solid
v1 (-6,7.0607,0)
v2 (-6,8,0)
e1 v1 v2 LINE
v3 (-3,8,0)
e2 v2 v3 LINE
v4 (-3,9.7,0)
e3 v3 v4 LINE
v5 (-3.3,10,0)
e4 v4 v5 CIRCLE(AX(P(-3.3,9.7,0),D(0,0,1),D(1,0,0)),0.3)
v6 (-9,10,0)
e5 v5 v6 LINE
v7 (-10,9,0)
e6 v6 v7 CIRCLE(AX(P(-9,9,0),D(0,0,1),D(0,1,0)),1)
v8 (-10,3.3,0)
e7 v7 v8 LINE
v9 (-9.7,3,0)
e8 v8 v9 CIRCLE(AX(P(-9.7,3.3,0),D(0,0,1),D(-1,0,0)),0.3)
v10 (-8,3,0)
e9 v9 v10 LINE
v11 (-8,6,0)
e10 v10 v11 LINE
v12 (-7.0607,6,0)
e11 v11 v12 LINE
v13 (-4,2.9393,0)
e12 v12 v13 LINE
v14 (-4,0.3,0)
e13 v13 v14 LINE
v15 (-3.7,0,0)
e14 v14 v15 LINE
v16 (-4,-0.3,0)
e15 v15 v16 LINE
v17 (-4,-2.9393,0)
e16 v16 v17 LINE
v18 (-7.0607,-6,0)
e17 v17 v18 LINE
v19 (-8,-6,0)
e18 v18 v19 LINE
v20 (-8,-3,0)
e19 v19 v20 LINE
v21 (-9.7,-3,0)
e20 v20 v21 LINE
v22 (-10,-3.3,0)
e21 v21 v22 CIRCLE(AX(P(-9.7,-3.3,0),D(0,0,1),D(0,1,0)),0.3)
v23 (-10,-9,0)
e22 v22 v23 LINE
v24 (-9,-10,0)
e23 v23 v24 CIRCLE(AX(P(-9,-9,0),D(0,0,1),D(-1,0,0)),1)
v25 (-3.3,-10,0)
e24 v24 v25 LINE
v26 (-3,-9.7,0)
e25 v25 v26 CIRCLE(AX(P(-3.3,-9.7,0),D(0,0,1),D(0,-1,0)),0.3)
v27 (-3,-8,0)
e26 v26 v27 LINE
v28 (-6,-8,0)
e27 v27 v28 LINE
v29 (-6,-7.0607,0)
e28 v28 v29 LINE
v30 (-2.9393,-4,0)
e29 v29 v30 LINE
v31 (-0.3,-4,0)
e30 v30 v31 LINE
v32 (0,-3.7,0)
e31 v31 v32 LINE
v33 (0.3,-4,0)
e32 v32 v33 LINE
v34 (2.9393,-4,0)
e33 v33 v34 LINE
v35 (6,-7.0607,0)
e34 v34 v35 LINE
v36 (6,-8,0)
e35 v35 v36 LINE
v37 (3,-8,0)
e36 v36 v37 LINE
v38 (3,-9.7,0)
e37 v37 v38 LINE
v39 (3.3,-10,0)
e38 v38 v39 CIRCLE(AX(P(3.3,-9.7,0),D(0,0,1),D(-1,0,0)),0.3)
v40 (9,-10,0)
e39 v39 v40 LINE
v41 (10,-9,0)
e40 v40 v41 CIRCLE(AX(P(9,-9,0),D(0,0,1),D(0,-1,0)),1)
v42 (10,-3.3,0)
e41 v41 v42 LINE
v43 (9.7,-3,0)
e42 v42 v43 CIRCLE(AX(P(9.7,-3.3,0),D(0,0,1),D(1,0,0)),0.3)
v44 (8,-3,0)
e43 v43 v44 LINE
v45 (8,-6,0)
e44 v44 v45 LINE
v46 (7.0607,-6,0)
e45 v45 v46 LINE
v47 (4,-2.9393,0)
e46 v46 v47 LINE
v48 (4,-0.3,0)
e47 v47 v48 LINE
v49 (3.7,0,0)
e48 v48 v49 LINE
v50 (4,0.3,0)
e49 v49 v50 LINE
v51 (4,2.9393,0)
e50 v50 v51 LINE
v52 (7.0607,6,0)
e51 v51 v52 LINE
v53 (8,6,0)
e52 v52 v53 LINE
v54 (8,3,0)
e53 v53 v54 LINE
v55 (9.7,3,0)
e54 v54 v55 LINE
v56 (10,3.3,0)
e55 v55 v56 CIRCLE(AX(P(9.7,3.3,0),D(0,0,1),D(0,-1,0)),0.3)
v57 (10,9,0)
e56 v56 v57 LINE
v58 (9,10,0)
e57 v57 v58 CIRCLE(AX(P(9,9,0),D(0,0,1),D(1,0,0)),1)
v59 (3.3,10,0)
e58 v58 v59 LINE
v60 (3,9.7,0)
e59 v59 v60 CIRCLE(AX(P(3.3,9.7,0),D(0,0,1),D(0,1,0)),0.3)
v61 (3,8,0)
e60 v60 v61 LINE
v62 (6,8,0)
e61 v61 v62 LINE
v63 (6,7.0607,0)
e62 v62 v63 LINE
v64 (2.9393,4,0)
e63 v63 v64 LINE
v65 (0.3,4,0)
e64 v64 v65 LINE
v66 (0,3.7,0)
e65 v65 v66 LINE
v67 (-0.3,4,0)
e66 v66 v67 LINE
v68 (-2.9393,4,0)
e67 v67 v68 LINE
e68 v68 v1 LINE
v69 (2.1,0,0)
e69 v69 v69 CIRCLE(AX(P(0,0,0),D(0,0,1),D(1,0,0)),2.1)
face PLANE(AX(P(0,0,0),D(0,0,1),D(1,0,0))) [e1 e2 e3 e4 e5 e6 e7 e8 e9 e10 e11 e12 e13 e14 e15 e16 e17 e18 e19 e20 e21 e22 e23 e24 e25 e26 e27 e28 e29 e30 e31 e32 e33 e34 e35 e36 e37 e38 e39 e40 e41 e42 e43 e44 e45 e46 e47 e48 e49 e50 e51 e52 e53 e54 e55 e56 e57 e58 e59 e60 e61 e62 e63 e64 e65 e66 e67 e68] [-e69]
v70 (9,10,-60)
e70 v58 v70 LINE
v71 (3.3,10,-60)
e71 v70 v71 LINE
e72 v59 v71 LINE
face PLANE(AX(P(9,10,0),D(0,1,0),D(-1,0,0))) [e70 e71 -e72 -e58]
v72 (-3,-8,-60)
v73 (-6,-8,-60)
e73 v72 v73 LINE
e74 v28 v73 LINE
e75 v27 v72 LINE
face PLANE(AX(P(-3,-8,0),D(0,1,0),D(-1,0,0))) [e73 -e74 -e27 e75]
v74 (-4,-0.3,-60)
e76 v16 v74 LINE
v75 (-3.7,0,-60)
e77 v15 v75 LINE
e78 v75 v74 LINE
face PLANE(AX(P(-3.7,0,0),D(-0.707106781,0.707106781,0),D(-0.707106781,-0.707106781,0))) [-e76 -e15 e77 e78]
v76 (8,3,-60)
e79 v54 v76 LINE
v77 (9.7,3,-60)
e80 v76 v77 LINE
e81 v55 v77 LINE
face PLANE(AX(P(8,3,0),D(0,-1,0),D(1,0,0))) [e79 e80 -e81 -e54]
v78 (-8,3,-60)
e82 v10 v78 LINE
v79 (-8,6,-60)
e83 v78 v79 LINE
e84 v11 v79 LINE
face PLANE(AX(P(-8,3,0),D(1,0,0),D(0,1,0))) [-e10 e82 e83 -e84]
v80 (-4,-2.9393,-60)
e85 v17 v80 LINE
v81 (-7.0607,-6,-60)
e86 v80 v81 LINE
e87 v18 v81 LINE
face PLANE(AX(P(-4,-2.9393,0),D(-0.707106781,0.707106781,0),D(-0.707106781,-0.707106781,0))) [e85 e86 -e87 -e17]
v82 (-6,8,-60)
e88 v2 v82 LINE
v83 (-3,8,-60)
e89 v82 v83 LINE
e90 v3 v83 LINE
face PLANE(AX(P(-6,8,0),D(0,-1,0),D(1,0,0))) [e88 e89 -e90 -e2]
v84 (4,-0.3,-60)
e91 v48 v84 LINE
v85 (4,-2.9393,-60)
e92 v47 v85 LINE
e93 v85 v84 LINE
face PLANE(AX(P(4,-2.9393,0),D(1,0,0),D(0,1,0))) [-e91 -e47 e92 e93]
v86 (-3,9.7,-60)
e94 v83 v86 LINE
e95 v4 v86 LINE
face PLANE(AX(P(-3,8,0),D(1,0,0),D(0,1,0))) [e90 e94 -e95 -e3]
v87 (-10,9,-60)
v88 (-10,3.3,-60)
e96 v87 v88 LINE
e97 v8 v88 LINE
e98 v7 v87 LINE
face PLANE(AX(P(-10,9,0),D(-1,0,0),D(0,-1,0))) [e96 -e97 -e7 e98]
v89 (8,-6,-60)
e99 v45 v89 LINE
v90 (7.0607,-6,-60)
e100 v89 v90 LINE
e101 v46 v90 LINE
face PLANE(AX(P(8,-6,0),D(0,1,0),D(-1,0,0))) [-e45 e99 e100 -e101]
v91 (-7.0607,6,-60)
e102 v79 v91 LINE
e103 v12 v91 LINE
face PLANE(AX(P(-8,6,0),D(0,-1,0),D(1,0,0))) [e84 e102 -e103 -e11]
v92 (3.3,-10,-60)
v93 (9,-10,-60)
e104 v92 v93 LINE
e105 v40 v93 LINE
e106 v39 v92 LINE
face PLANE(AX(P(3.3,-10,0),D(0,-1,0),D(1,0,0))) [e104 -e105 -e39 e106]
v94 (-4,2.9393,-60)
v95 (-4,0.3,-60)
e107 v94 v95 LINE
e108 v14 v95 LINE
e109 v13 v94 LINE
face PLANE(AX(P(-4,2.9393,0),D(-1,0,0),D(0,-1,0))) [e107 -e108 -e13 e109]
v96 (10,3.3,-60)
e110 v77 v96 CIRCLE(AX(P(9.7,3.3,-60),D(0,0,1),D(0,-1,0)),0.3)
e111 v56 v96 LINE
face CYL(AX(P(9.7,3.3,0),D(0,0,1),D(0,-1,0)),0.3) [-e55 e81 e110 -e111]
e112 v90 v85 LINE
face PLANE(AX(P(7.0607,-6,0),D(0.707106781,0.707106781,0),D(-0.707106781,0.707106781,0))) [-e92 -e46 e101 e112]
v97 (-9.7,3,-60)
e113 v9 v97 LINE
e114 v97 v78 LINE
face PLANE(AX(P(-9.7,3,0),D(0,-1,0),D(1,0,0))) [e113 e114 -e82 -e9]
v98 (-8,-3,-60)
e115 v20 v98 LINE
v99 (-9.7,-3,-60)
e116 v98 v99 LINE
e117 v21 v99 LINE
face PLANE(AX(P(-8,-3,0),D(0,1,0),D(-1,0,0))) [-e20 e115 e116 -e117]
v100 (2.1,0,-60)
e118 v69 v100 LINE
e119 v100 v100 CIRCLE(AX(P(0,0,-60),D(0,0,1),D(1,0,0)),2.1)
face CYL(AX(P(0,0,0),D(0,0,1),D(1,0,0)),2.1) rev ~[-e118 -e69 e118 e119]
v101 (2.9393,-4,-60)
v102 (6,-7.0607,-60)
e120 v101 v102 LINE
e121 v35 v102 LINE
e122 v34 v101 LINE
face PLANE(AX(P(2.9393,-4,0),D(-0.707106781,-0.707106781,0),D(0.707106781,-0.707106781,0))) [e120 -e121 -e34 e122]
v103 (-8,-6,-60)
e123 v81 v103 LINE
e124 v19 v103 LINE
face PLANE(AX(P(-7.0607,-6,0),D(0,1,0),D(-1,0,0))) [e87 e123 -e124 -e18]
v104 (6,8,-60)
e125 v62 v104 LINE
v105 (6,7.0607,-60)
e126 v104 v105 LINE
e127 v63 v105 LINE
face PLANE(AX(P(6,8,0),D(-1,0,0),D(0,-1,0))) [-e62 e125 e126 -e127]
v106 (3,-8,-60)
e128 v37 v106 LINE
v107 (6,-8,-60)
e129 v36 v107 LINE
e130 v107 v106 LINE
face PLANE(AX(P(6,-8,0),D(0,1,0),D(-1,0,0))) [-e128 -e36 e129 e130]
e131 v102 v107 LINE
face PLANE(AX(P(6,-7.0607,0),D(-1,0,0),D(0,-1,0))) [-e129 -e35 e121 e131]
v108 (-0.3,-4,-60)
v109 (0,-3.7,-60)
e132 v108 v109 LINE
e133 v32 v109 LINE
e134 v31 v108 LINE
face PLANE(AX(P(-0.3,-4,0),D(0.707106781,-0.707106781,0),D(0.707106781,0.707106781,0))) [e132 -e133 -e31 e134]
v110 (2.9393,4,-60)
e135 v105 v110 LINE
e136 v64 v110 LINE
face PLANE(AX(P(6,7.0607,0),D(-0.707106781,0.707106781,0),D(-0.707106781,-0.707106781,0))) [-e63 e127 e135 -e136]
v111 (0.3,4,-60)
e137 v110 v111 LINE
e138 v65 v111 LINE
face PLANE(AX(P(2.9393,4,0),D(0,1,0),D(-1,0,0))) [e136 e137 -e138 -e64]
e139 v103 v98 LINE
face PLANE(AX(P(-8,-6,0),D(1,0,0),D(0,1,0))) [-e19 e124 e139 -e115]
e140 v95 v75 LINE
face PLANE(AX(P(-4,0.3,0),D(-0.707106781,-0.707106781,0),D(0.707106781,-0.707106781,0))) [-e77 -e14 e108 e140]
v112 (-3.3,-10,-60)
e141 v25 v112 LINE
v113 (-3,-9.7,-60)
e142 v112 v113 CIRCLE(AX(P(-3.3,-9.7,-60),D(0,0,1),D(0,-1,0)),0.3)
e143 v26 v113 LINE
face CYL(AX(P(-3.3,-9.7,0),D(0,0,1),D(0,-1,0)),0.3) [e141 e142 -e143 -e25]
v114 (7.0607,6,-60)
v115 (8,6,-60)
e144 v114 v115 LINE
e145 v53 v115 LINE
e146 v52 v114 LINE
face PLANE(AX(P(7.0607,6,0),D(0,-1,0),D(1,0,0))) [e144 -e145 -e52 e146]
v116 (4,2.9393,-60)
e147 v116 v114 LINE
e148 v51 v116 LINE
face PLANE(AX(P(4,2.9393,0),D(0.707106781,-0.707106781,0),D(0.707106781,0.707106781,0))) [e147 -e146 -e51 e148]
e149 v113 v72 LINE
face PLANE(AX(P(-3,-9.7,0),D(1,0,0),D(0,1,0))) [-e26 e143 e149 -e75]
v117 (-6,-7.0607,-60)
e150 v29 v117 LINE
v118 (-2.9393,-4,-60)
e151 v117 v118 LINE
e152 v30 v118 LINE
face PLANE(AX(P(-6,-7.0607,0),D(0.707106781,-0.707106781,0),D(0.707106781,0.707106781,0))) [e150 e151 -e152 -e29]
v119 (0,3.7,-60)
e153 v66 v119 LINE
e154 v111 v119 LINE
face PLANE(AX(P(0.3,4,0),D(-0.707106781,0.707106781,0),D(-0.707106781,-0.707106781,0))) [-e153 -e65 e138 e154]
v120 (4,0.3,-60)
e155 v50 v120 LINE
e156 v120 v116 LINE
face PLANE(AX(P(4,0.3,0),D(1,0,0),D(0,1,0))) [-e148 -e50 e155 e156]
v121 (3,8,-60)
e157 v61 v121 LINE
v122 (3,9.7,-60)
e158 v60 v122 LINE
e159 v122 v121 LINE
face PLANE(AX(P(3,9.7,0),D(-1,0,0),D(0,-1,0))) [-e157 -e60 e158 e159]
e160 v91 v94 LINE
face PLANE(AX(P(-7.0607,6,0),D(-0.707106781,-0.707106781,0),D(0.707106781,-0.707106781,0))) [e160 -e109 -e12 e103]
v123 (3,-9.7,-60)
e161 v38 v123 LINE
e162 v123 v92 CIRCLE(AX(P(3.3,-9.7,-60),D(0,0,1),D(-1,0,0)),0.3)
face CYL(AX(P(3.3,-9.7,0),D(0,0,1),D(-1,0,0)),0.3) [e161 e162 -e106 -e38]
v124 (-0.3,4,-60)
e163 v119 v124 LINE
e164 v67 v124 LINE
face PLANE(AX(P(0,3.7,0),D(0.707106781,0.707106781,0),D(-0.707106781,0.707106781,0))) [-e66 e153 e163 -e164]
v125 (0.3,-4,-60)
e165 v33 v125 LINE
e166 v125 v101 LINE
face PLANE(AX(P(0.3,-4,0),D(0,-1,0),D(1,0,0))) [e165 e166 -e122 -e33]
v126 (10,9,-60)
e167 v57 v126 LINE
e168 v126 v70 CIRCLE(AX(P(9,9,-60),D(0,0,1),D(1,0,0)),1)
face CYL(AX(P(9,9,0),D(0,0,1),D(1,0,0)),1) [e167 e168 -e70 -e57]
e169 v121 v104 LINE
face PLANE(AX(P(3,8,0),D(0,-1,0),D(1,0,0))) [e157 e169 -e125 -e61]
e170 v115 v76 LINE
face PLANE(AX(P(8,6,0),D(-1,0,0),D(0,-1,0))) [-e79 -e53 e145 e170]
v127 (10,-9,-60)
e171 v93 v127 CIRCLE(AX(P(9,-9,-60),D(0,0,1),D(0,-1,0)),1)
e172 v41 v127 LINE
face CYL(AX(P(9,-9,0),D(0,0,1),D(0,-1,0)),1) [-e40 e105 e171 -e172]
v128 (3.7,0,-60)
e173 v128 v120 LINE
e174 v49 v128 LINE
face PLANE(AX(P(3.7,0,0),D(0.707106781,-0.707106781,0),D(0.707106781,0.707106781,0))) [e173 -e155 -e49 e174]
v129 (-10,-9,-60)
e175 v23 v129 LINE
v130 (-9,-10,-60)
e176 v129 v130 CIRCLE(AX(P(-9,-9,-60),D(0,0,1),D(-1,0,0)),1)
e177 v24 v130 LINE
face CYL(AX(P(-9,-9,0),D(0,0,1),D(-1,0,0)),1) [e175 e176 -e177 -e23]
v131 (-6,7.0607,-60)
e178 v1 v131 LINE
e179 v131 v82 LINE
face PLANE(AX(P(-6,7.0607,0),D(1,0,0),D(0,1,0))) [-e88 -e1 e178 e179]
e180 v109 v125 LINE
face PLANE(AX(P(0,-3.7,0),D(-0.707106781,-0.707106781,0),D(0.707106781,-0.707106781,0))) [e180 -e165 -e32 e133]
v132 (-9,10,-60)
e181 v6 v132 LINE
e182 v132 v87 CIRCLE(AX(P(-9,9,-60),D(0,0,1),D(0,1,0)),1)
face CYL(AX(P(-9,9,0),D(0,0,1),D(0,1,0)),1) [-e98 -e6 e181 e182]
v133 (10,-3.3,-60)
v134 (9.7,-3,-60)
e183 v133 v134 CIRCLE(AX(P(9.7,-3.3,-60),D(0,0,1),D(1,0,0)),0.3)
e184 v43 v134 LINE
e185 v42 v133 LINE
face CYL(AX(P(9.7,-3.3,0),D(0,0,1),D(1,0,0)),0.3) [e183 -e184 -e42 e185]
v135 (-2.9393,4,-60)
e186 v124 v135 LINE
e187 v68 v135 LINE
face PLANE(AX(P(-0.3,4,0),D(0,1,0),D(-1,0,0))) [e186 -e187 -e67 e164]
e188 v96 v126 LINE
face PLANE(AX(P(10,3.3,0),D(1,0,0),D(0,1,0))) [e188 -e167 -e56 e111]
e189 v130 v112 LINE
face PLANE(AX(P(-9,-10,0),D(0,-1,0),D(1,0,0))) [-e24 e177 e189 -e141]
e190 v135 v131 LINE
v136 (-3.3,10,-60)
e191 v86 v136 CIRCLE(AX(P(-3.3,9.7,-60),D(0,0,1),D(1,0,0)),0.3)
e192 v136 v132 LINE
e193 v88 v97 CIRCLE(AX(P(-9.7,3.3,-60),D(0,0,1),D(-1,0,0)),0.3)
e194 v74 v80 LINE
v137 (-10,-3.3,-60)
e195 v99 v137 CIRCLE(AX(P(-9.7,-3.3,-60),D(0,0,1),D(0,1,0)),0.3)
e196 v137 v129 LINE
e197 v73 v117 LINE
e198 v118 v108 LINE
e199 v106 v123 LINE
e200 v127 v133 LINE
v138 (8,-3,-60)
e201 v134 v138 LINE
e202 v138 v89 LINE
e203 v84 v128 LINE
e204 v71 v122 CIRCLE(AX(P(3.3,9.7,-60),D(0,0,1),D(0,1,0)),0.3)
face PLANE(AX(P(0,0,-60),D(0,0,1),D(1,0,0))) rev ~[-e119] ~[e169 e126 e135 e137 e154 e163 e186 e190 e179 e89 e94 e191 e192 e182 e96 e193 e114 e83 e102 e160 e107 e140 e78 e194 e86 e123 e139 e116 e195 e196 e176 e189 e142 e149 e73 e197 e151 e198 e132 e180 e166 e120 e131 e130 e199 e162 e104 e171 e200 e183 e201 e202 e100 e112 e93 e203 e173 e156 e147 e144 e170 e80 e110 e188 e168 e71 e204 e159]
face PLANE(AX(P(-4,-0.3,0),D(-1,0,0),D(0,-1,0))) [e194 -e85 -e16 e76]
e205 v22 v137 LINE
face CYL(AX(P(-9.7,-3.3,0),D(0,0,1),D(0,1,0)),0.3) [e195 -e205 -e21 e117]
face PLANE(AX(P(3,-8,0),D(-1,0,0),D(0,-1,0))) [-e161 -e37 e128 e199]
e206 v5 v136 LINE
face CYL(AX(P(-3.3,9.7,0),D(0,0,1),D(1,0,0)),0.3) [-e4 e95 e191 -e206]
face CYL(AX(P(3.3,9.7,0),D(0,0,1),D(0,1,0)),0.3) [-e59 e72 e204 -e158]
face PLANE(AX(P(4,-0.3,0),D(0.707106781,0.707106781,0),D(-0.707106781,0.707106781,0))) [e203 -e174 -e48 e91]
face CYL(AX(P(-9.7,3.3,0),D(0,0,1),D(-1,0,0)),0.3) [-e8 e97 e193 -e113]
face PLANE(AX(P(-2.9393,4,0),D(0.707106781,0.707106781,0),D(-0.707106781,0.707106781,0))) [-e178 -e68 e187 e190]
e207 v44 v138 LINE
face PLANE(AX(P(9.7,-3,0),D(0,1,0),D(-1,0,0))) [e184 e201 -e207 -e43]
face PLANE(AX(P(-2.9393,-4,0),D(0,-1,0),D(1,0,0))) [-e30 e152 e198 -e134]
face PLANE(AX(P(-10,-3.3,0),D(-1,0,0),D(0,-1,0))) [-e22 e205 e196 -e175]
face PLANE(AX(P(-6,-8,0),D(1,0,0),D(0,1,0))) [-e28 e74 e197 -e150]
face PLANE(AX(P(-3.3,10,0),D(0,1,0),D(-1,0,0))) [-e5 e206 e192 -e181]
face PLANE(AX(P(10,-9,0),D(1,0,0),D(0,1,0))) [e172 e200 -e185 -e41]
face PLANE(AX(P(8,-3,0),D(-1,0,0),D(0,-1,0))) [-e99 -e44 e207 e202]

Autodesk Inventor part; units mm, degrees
ref_plane "YZ Plane" through (0, 0, 0) normal (1, 0, 0) x (0, 1, 0)
ref_plane "XZ Plane" through (0, 0, 0) normal (0, 1, 0) x (-1, 0, 0)
ref_plane "XY Plane" through (0, 0, 0) normal (0, 0, 1) x (1, 0, 0)
sketch "Sketch_5" plane through (0, 0, 0) normal (0, 0, 1) x (1, 0, 0)
  line L0 (-10, 9) -> (-10, 3.3)
  arc A0 (-10, 3.3) -> (-9.7, 3) centre (-9.7, 3.3) ccw
  line L1 (-9.7, 3) -> (-8, 3)
  line L2 (-8, 3) -> (-8, 6)
  line L3 (-8, 6) -> (-7.0607, 6)
  line L4 (-7.0607, 6) -> (-4, 2.9393)
  line L5 (-4, 2.9393) -> (-4, 0.3)
  line L6 (-4, 0.3) -> (-3.7, 0)
  line L7 (-3.7, 0) -> (-4, -0.3)
  line L8 (-4, -0.3) -> (-4, -2.9393)
  line L9 (-4, -2.9393) -> (-7.0607, -6)
  line L10 (-7.0607, -6) -> (-8, -6)
  line L11 (-8, -6) -> (-8, -3)
  line L12 (-8, -3) -> (-9.7, -3)
  arc A1 (-9.7, -3) -> (-10, -3.3) centre (-9.7, -3.3) ccw
  line L13 (-10, -3.3) -> (-10, -9)
  arc A2 (-10, -9) -> (-9, -10) centre (-9, -9) ccw
  line L14 (-9, -10) -> (-3.3, -10)
  arc A3 (-3.3, -10) -> (-3, -9.7) centre (-3.3, -9.7) ccw
  line L15 (-3, -9.7) -> (-3, -8)
  line L16 (-3, -8) -> (-6, -8)
  line L17 (-6, -8) -> (-6, -7.0607)
  line L18 (-6, -7.0607) -> (-2.9393, -4)
  line L19 (-2.9393, -4) -> (-0.3, -4)
  line L20 (-0.3, -4) -> (0, -3.7)
  line L21 (0, -3.7) -> (0.3, -4)
  line L22 (0.3, -4) -> (2.9393, -4)
  line L23 (2.9393, -4) -> (6, -7.0607)
  line L24 (6, -7.0607) -> (6, -8)
  line L25 (6, -8) -> (3, -8)
  line L26 (3, -8) -> (3, -9.7)
  arc A4 (3, -9.7) -> (3.3, -10) centre (3.3, -9.7) ccw
  line L27 (3.3, -10) -> (9, -10)
  arc A5 (9, -10) -> (10, -9) centre (9, -9) ccw
  line L28 (10, -9) -> (10, -3.3)
  arc A6 (10, -3.3) -> (9.7, -3) centre (9.7, -3.3) ccw
  line L29 (9.7, -3) -> (8, -3)
  line L30 (8, -3) -> (8, -6)
  line L31 (8, -6) -> (7.0607, -6)
  line L32 (7.0607, -6) -> (4, -2.9393)
  line L33 (4, -2.9393) -> (4, -0.3)
  line L34 (4, -0.3) -> (3.7, 0)
  line L35 (3.7, 0) -> (4, 0.3)
  line L36 (4, 0.3) -> (4, 2.9393)
  line L37 (4, 2.9393) -> (7.0607, 6)
  line L38 (7.0607, 6) -> (8, 6)
  line L39 (8, 6) -> (8, 3)
  line L40 (8, 3) -> (9.7, 3)
  arc A7 (9.7, 3) -> (10, 3.3) centre (9.7, 3.3) ccw
  line L41 (10, 3.3) -> (10, 9)
  arc A8 (10, 9) -> (9, 10) centre (9, 9) ccw
  line L42 (9, 10) -> (3.3, 10)
  arc A9 (3.3, 10) -> (3, 9.7) centre (3.3, 9.7) ccw
  line L43 (3, 9.7) -> (3, 8)
  line L44 (3, 8) -> (6, 8)
  line L45 (6, 8) -> (6, 7.0607)
  line L46 (6, 7.0607) -> (2.9393, 4)
  line L47 (2.9393, 4) -> (0.3, 4)
  line L48 (0.3, 4) -> (0, 3.7)
  line L49 (0, 3.7) -> (-0.3, 4)
  line L50 (-0.3, 4) -> (-2.9393, 4)
  line L51 (-2.9393, 4) -> (-6, 7.0607)
  line L52 (-6, 7.0607) -> (-6, 8)
  line L53 (-6, 8) -> (-3, 8)
  line L54 (-3, 8) -> (-3, 9.7)
  arc A10 (-3, 9.7) -> (-3.3, 10) centre (-3.3, 9.7) ccw
  line L55 (-3.3, 10) -> (-9, 10)
  arc A11 (-9, 10) -> (-10, 9) centre (-9, 9) ccw
  circle A12 centre (0, 0) radius 2.1
extrude "Extrusion1" add sketch "Sketch_5" against normal blind 60
properties part number "KHFS5-2020-4000" material "Aluminum 6061"
